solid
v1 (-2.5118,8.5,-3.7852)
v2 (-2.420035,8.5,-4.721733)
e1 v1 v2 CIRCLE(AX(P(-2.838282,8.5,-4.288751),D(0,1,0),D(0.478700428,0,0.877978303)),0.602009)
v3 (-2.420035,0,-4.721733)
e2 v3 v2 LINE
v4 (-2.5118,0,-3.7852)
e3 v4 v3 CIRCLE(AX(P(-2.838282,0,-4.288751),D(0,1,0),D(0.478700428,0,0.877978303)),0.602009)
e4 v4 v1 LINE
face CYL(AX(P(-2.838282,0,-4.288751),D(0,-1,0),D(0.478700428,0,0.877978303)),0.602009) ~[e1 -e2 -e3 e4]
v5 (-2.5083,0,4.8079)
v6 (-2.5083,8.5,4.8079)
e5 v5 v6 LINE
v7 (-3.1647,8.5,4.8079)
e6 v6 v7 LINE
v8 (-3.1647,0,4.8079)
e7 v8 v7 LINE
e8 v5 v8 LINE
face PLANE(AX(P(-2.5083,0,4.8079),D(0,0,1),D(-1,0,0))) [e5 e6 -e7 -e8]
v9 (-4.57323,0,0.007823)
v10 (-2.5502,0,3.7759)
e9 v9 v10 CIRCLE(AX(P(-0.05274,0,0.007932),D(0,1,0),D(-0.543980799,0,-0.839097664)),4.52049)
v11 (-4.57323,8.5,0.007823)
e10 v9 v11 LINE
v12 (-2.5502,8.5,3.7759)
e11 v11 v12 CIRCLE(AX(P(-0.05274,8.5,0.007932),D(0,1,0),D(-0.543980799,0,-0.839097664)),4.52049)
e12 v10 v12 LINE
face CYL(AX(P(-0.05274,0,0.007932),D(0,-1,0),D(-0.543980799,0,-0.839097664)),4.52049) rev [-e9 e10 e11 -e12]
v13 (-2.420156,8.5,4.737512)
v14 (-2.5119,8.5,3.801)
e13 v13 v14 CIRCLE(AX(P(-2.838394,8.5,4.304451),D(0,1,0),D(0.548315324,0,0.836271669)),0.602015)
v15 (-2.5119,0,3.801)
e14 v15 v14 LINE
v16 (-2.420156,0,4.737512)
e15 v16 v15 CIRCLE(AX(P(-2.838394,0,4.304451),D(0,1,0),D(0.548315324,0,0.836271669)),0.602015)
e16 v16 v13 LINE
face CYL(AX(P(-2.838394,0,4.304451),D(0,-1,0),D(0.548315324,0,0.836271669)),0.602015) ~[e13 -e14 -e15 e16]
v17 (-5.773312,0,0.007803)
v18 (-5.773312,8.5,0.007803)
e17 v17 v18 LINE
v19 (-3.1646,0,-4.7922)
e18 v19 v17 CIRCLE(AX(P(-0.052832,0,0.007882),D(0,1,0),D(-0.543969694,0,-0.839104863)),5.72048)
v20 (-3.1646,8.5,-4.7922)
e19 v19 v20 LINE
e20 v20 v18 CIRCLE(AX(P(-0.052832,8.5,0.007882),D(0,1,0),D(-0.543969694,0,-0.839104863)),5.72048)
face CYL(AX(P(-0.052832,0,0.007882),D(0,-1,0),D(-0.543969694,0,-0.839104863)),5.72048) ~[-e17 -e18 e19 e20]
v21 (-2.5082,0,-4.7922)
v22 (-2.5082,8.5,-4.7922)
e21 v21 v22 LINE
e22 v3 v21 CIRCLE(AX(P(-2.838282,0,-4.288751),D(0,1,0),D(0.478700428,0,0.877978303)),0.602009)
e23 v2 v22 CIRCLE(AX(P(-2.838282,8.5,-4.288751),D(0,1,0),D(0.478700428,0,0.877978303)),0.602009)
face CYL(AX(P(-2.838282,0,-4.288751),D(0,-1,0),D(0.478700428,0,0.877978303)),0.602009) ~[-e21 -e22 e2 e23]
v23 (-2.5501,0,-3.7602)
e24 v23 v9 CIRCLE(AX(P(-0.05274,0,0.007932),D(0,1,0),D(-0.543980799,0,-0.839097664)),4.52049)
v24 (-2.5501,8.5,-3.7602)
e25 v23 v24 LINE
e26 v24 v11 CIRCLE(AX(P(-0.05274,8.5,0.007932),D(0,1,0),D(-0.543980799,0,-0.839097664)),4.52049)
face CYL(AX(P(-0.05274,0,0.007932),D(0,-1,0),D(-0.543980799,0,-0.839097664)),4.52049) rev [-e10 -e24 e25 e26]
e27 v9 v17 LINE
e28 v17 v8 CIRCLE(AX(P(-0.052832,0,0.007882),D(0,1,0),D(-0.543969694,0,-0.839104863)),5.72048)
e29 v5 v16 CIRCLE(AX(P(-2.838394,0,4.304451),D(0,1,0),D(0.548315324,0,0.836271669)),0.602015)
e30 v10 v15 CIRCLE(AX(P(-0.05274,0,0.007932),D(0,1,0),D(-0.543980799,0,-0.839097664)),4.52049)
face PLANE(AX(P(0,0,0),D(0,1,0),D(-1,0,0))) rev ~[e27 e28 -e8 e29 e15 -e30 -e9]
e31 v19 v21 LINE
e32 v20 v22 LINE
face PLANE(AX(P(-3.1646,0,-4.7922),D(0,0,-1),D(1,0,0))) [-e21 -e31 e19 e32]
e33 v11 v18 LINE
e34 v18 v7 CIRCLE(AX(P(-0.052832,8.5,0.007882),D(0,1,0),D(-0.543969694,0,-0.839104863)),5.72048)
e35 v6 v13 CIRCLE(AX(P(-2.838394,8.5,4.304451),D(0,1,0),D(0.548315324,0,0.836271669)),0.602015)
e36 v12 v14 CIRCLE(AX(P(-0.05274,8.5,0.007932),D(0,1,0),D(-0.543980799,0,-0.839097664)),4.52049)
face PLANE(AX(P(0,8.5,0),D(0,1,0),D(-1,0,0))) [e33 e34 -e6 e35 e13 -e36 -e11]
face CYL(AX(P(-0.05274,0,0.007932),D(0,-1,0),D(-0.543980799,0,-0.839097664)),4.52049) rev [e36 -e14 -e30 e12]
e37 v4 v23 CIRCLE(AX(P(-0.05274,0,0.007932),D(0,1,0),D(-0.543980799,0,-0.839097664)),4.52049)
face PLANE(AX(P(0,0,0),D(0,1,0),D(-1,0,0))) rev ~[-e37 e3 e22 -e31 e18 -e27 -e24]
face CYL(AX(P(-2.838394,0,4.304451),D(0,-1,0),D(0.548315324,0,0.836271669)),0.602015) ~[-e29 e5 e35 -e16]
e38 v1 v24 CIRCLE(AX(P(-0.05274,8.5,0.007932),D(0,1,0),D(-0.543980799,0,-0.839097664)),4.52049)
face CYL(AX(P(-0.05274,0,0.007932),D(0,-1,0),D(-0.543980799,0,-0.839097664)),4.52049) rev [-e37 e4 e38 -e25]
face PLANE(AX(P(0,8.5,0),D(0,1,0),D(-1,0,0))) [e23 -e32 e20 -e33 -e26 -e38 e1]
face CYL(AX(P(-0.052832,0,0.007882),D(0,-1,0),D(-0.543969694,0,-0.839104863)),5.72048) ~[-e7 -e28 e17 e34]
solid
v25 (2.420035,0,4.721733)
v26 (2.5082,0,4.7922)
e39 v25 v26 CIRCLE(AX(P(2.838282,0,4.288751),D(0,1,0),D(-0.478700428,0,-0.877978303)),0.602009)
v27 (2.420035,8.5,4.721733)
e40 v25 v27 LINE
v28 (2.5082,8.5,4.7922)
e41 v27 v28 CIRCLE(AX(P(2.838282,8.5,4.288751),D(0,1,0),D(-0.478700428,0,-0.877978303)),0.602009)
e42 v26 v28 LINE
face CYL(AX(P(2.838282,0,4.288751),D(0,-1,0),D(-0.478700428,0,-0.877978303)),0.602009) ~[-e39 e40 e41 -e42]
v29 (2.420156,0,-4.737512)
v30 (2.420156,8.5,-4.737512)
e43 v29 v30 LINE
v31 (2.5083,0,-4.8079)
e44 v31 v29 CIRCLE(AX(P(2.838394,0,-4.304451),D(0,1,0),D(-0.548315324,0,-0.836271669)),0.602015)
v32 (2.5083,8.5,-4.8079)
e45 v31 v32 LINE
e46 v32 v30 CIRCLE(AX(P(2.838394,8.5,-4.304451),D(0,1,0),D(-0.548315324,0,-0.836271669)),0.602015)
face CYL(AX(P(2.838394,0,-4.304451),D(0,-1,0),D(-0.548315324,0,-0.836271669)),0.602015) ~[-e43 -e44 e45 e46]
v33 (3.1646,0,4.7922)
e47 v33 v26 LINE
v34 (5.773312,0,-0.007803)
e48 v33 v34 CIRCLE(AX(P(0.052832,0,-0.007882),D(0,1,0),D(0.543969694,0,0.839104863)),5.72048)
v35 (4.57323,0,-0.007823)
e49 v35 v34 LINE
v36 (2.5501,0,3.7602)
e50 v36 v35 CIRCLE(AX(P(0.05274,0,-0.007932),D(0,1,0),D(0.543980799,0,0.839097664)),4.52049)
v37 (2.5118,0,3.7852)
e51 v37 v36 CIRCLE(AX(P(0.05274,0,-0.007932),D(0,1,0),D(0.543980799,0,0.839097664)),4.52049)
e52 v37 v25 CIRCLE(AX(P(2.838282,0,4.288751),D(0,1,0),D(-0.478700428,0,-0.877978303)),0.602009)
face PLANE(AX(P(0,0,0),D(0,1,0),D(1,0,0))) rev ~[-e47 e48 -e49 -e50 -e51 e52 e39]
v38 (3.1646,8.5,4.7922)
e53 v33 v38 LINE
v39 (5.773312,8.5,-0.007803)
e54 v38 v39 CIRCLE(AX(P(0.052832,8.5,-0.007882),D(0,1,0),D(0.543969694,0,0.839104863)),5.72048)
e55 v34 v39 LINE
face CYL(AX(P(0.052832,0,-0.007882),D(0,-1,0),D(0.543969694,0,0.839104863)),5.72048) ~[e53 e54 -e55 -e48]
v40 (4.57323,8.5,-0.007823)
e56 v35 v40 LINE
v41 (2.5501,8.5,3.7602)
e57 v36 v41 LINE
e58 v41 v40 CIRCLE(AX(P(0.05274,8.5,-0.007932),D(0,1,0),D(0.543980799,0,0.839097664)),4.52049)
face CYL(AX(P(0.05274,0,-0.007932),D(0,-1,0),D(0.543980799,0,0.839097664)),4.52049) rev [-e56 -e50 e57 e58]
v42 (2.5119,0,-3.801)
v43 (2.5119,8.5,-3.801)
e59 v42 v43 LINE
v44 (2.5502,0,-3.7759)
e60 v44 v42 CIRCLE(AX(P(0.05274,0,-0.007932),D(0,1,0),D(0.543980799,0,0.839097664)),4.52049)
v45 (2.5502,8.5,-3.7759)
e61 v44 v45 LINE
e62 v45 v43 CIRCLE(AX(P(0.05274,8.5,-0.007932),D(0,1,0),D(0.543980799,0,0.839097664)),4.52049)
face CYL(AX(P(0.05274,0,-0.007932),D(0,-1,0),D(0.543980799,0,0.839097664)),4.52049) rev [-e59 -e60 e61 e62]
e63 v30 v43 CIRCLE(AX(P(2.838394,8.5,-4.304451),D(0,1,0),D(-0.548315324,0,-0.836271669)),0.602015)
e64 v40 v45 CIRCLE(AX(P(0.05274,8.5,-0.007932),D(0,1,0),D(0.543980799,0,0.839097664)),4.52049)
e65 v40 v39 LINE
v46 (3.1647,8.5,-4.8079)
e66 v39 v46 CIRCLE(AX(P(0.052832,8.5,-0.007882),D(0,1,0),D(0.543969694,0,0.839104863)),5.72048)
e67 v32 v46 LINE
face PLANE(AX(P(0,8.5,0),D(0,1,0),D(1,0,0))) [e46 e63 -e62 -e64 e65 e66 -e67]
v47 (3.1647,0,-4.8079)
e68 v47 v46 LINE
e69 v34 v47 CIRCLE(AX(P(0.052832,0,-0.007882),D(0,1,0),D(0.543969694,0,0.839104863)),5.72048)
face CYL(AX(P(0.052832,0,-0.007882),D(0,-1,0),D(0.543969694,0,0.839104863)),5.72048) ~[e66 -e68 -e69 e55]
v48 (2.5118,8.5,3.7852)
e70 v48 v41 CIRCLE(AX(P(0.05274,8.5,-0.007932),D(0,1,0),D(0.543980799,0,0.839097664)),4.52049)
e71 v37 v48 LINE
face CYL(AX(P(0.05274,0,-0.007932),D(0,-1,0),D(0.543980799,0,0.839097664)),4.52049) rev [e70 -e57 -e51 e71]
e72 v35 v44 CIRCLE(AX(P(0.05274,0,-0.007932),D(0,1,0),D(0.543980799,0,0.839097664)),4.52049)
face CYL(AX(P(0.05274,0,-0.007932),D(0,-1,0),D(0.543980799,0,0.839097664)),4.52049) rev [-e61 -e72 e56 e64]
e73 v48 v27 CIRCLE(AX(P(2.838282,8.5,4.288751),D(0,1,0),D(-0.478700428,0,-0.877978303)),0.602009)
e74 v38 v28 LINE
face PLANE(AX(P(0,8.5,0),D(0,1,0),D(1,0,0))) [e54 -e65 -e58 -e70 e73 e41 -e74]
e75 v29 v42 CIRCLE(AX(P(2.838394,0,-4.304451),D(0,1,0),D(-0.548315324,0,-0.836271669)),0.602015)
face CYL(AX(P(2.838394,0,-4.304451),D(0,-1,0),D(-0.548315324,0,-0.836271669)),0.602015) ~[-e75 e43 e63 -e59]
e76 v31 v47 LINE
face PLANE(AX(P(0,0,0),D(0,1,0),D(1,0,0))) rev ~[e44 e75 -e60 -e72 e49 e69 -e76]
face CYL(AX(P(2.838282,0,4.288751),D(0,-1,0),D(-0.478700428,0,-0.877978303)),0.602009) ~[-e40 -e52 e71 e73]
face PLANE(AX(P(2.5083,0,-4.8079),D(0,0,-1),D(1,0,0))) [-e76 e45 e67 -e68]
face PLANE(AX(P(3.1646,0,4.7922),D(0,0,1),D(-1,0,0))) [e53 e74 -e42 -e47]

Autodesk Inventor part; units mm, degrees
ref_plane "YZ Plane" through (0, 0, 0) normal (1, 0, 0) x (0, 1, 0)
ref_plane "XZ Plane" through (0, 0, 0) normal (0, 1, 0) x (-1, 0, 0)
ref_plane "XY Plane" through (0, 0, 0) normal (0, 0, 1) x (1, 0, 0)
sketch "Esboço1" plane through (0, 0, 0) normal (0, 1, 0) x (-1, 0, 0)
  line L0 (3.2233, 5.0079) -> (-3.2768, 5.0079)
  line L1 (-3.2767, -4.9922) -> (3.2232, -4.9922)
  arc A0 (3.2232, -4.9922) -> (3.2233, 5.0079) centre (0.0528, 0.0079) ccw
  arc A1 (-3.2768, 5.0079) -> (-3.2767, -4.9922) centre (-0.1063, 0.0079) ccw
  line L2 (3.2233, 5.0079) -> (-3.2768, 5.0079)
  line L3 (-3.2767, -4.9922) -> (3.2232, -4.9922)
  line L4 (3.1646, -4.7922) -> (-3.2181, -4.7922)
  arc A2 (-3.2182, 4.8079) -> (-3.2181, -4.7922) centre (-0.1063, 0.0079) ccw
  line L5 (-3.2182, 4.8079) -> (3.1647, 4.8079)
  arc A3 (3.1646, -4.7922) -> (3.1647, 4.8079) centre (0.0528, 0.0079) ccw
  arc A4 (-2.2768, 4.658) -> (-2.0269, 4.808) centre (-2.2768, 4.9413) ccw
  arc A5 (-2.5268, 4.808) -> (-2.2768, 4.658) centre (-2.2768, 4.9413) ccw
  line L6 (-0.0267, 5.0079) -> (-0.0267, 0.0079)
  line L7 (-0.0267, 5.0079) -> (4.9733, 5.0079) construction
  line L8 (-0.0267, 0.0079) -> (-0.0267, -4.9922)
  line L9 (-0.0267, 0.0079) -> (-6.0268, 0.0078)
  line L10 (-0.0267, 0.0079) -> (5.9733, 0.0078)
  arc A6 (-2.0267, -4.7922) -> (-2.2767, -4.6422) centre (-2.2767, -4.9255) ccw
  arc A7 (-2.2767, -4.6422) -> (-2.5267, -4.7922) centre (-2.2767, -4.9255) ccw
  line L11 (-0.0266, -4.9921) -> (-0.0267, 0.0079)
  arc A8 (2.2232, -4.6422) -> (1.9732, -4.7922) centre (2.2232, -4.9255) ccw
  arc A9 (2.4732, -4.7922) -> (2.2232, -4.6422) centre (2.2232, -4.9255) ccw
  arc A10 (1.9734, 4.808) -> (2.2234, 4.658) centre (2.2233, 4.9413) ccw
  arc A11 (2.2234, 4.658) -> (2.4733, 4.808) centre (2.2233, 4.9413) ccw
  arc A12 (2.5118, -3.7852) -> (2.5119, 3.801) centre (0.0528, 0.0079) ccw
  arc A13 (2.5501, -3.7602) -> (2.5082, -4.7922) centre (2.8382, -4.2887) ccw
  arc A14 (2.5083, 4.8079) -> (2.5502, 3.7759) centre (2.8383, 4.3045) ccw
  dimension "d21" = 0.2
  dimension "d22" = 0.2
  dimension "d23" = 0.2
  dimension "d24" = 0.2
  dimension "d28" = 1
  dimension "d29" = 5
  dimension "d30" = 90
  dimension "d31" = 1
  dimension "d32" = 1
  dimension "d33" = 1
extrude "Extrusão1" add sketch "Esboço1" along normal blind 8.5 contours L10 A12 A14 L5 A3 | A3 L4 A13 A12 L10
pattern_circular "Padrão circular1" count 2 over 360 about axis through (0, -10, 0) along (0, 1, 0) of "Extrusão1"
properties part number "Imãs"
